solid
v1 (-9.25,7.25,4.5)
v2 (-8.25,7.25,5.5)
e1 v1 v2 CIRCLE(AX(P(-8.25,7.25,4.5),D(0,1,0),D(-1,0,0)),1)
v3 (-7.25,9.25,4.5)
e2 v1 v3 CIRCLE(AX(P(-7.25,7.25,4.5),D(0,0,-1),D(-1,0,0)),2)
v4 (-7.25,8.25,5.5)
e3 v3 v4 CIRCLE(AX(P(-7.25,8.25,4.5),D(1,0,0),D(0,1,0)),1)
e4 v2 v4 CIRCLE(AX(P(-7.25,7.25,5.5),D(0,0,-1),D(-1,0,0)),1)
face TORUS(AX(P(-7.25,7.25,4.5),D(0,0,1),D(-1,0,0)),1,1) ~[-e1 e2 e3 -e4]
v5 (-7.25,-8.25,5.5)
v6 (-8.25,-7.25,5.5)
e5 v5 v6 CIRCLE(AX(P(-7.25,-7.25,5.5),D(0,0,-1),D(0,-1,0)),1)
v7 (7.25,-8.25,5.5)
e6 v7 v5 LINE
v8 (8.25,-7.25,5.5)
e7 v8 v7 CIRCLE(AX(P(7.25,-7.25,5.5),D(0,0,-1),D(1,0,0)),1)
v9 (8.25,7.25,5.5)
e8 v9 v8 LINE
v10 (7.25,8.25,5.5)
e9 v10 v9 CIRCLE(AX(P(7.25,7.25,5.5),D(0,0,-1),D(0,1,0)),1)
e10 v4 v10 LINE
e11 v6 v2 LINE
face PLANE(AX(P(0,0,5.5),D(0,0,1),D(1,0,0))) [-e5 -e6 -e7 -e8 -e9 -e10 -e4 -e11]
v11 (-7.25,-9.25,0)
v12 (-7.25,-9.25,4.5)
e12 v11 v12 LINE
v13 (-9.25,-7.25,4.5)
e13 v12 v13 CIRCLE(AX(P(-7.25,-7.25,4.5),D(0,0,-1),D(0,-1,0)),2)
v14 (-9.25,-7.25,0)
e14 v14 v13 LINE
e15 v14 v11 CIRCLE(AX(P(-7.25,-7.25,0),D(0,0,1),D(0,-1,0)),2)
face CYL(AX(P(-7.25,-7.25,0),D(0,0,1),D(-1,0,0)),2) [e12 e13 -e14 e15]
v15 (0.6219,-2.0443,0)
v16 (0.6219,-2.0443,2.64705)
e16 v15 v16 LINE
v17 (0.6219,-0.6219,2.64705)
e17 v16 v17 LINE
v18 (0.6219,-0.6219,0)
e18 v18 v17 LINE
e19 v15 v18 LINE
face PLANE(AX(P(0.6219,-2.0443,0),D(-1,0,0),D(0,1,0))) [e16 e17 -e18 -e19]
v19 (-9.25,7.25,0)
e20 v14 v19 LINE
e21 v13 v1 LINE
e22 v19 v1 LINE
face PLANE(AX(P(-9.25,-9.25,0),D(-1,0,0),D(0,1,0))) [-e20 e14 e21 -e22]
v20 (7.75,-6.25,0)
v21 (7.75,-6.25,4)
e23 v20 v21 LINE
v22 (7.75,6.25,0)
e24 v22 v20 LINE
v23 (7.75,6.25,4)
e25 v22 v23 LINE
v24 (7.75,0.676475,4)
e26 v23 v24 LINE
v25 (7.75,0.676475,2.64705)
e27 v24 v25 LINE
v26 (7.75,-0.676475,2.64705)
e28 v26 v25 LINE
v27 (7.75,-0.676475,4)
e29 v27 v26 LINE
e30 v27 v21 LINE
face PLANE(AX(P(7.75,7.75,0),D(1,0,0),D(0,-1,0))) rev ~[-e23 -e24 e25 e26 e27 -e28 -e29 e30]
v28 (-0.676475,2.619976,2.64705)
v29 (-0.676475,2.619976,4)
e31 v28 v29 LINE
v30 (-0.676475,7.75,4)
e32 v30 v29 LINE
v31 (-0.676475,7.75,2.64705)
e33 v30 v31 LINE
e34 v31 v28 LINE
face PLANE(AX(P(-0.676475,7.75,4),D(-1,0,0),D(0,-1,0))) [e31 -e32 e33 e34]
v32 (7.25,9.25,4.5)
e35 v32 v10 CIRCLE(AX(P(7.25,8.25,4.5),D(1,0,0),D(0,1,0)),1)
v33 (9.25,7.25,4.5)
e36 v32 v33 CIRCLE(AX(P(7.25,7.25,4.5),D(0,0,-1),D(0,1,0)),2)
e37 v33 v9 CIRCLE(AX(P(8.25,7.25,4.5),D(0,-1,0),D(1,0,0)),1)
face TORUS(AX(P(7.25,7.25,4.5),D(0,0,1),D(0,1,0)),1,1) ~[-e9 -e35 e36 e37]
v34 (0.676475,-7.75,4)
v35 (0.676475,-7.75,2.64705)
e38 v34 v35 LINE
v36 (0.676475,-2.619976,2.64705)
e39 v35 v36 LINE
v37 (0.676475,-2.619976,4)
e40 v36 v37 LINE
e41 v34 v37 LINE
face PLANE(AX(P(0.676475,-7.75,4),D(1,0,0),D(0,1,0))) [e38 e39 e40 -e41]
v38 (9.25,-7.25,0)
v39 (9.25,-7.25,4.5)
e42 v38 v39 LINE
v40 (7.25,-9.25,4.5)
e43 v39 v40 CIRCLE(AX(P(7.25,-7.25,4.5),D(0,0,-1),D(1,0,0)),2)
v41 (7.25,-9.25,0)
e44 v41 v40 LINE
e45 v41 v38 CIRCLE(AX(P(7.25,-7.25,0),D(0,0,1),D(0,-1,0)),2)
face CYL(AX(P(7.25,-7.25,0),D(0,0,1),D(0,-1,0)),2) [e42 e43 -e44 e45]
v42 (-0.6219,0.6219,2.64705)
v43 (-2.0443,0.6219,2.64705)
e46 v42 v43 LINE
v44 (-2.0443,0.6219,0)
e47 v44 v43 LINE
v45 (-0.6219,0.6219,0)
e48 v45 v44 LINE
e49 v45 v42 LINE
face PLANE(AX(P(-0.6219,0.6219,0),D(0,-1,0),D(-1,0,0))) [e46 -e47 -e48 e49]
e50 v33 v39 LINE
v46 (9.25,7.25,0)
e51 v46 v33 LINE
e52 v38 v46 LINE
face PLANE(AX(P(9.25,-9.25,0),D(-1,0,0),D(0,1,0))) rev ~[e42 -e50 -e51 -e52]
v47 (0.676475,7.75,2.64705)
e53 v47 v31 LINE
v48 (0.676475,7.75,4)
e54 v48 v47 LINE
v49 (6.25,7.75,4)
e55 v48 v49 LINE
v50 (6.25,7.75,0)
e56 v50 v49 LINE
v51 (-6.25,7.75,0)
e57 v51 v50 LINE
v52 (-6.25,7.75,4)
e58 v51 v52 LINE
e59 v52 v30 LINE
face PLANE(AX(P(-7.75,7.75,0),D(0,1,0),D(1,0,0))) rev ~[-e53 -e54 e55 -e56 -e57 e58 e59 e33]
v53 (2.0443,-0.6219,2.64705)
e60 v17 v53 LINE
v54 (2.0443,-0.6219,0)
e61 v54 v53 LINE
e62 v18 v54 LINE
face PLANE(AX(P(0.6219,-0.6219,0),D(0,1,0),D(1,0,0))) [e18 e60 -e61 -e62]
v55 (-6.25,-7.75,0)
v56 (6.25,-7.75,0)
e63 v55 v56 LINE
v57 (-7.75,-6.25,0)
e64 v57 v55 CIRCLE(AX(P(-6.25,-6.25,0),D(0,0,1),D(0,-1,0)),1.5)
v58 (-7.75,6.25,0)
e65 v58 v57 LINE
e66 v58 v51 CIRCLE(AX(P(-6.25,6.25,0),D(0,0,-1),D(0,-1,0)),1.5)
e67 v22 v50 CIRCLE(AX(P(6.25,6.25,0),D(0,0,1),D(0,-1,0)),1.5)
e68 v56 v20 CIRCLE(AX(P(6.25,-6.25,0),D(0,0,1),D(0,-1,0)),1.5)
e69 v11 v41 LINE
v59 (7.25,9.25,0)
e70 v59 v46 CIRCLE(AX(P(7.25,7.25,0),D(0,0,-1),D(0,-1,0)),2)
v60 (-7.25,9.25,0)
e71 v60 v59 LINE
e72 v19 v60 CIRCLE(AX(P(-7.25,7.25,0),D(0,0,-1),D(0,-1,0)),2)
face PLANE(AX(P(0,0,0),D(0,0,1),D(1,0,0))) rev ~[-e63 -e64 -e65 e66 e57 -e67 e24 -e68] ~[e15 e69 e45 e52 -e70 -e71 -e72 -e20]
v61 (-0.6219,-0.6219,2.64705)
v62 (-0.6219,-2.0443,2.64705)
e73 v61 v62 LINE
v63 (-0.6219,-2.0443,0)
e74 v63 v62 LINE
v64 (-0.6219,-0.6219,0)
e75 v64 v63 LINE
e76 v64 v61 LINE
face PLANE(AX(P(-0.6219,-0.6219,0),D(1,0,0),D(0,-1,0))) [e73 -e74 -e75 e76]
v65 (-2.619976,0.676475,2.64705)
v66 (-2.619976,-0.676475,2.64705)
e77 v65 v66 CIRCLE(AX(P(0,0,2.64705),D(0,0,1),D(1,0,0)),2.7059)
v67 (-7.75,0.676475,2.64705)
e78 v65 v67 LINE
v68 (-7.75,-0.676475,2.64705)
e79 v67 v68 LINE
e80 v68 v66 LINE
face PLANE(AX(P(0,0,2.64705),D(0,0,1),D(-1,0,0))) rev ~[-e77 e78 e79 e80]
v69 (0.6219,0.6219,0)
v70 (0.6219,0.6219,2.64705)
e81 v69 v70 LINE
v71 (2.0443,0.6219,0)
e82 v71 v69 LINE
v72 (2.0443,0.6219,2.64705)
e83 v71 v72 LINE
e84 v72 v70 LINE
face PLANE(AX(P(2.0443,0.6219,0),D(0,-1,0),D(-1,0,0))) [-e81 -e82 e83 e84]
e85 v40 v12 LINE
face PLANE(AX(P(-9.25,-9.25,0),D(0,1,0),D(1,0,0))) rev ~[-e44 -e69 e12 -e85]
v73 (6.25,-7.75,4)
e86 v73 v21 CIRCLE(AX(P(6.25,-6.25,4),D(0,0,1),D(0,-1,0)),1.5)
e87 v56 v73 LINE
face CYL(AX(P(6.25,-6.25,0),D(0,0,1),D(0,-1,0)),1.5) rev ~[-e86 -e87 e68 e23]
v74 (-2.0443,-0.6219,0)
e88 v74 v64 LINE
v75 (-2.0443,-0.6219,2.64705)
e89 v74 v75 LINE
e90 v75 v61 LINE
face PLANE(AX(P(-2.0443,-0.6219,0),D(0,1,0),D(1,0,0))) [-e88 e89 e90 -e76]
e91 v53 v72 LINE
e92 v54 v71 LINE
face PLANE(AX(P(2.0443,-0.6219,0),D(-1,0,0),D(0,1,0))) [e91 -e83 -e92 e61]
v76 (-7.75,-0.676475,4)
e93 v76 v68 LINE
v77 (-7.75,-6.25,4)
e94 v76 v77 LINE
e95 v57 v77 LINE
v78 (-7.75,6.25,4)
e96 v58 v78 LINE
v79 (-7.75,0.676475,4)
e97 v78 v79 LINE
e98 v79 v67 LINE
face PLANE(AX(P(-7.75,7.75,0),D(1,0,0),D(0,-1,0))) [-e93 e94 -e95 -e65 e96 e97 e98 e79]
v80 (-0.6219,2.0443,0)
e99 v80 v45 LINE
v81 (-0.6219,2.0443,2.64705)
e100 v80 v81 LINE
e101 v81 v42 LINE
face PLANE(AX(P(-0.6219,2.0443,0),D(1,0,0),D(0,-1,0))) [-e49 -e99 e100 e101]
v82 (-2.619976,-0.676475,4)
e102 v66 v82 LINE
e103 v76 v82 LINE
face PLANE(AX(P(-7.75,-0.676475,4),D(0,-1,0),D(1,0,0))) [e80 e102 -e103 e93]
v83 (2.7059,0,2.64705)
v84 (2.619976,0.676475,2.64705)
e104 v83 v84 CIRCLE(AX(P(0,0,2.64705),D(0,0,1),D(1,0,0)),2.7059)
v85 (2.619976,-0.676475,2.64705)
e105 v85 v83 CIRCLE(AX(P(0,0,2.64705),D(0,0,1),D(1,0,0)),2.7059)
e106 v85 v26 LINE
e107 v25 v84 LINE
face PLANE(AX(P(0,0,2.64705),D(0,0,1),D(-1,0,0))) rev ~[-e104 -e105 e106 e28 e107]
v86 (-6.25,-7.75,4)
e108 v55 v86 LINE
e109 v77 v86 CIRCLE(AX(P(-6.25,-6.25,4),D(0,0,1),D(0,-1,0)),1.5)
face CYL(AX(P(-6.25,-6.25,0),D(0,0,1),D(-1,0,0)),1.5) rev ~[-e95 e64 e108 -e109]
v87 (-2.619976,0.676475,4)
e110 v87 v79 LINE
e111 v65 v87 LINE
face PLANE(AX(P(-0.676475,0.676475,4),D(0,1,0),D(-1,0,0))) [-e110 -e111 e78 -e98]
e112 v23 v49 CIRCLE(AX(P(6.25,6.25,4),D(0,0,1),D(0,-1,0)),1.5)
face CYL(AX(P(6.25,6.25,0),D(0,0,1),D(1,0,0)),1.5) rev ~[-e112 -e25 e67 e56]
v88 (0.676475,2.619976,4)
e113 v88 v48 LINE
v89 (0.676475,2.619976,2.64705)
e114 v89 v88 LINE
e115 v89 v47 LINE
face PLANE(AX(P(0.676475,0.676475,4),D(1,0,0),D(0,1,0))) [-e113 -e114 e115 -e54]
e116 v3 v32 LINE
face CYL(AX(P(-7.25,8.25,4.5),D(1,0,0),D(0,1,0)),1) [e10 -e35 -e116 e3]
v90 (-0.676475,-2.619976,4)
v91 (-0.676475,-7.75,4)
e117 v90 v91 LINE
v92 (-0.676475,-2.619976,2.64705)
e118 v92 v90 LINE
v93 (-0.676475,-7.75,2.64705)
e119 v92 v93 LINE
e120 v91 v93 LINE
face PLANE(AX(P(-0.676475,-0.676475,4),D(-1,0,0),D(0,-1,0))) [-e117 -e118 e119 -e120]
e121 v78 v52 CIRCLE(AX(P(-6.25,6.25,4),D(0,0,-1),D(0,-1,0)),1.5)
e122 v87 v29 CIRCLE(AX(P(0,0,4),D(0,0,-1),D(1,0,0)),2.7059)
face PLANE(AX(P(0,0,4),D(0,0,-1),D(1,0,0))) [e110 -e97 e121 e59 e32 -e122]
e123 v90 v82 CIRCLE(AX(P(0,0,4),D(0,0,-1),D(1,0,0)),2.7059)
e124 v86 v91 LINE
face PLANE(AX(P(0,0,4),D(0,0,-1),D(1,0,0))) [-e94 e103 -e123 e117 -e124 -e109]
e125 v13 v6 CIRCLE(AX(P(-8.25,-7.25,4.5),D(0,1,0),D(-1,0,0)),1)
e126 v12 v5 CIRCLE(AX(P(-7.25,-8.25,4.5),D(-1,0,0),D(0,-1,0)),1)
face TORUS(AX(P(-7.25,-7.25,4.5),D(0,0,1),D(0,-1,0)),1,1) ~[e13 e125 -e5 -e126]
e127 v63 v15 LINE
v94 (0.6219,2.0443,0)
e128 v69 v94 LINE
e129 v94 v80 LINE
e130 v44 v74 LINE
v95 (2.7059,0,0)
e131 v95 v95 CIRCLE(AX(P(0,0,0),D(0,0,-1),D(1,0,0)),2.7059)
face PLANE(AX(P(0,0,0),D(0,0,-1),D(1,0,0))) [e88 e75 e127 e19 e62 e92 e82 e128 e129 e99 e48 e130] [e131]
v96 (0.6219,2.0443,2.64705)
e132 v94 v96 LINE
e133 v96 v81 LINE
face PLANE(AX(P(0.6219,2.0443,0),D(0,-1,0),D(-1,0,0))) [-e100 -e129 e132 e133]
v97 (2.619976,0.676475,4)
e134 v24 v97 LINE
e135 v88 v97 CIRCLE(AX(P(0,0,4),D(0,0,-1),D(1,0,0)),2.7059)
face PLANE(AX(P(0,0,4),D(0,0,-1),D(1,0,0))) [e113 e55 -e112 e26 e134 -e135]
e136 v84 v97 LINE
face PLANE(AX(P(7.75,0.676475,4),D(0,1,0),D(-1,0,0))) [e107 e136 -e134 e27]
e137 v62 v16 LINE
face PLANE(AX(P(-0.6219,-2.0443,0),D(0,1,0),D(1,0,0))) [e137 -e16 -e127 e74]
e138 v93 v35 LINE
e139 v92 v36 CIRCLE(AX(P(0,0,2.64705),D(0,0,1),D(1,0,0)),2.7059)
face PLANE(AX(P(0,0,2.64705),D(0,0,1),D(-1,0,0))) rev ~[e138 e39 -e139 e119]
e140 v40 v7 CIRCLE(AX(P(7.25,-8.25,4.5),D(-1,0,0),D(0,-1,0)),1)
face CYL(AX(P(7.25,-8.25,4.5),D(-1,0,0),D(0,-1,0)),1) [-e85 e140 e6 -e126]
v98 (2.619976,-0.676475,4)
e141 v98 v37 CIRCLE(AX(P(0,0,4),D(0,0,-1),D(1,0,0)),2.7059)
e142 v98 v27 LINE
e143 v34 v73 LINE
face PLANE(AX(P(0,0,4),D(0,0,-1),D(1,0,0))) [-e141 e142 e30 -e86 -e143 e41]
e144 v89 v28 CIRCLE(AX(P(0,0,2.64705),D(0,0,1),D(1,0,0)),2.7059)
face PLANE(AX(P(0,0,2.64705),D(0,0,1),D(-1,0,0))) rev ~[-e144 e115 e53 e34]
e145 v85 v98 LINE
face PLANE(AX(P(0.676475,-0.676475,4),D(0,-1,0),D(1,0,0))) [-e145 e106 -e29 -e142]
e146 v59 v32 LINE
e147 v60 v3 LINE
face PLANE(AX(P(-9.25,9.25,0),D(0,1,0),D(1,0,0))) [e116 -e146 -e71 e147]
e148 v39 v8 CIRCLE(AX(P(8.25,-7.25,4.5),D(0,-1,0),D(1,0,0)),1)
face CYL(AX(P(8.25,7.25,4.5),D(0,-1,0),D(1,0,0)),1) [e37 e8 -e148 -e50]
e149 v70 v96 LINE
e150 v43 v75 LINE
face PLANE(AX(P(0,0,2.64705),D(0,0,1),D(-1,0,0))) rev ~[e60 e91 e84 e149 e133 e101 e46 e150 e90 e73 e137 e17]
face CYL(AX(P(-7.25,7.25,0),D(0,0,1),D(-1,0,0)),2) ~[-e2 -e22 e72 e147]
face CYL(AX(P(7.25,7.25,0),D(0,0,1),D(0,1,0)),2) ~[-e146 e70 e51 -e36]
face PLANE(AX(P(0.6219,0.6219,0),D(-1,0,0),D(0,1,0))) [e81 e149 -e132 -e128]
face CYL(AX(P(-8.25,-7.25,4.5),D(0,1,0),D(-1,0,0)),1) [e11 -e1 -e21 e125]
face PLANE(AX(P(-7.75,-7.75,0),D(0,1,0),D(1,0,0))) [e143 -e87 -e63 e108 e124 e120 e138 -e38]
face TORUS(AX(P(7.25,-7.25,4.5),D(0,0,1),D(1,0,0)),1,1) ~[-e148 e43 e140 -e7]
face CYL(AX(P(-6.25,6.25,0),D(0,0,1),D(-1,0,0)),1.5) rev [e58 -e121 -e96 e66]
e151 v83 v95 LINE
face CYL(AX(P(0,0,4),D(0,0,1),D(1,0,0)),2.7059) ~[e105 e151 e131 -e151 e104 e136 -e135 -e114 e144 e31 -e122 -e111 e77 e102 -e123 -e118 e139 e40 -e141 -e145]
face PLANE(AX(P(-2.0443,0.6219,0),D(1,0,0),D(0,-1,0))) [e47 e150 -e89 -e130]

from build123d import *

# Parameters (mm, degrees)
SKETCH_W        = 18.5
SKETCH_H        = 18.5
PAD_DEPTH       = 5.5
SKETCH001_W     = 15.5
SKETCH001_H     = 15.5
POCKET_DEPTH    = 4
SKETCH002_R     = 2.7059
PAD001_DEPTH    = 4
POCKET001_DEPTH = 4
FILLET001_R     = 1.5
FILLET_R        = 2
PAD002_DEPTH    = 1.35295
FILLET002_R     = 1


with BuildPart() as part:
    # Sketch → Pad (new body)
    with BuildSketch(Plane.XY):
        Rectangle(SKETCH_W, SKETCH_H)
    extrude(amount=PAD_DEPTH)

    # Sketch001 → Pocket (cut)
    with BuildSketch(Plane(origin=(0, 0, 0), x_dir=(1, 0, 0), z_dir=(0, 0, -1))):
        Rectangle(SKETCH001_W, SKETCH001_H)
    extrude(amount=-POCKET_DEPTH, mode=Mode.SUBTRACT)

    # Sketch002 (on Face11 of Pocket) → Pad001 (join)
    with BuildSketch(Plane(origin=(0, 0, 4), x_dir=(1, 0, 0), z_dir=(0, 0, -1))):
        Circle(SKETCH002_R)
    extrude(amount=PAD001_DEPTH)

    # Sketch003 (on Face13 of Pad001) → Pocket001 (cut)
    with BuildSketch(Plane(origin=(0, 0, 0), x_dir=(1, 0, 0), z_dir=(0, 0, -1))):
        Polygon((-0.6219, 2.0443), (0.6219, 2.0443), (0.6219, 0.6219), (2.0443, 0.6219), (2.0443, -0.6219), (0.6219, -0.6219), (0.6219, -2.0443), (-0.6219, -2.0443), (-0.6219, -0.6219), (-2.0443, -0.6219), (-2.0443, 0.6219), (-0.6219, 0.6219), align=None)
    extrude(amount=-POCKET001_DEPTH, mode=Mode.SUBTRACT)

    # Fillet001
    fillet001_edges = [part.edges().sort_by_distance(p)[0] for p in [
        (-7.75, -7.75, 2),
        (7.75, -7.75, 2),
        (7.75, 7.75, 2),
        (-7.75, 7.75, 2),
    ]]
    fillet(fillet001_edges, radius=FILLET001_R)

    # Fillet
    fillet_edges = [part.edges().sort_by_distance(p)[0] for p in [
        (9.25, -9.25, 2.75),
        (-9.25, -9.25, 2.75),
        (-9.25, 9.25, 2.75),
        (9.25, 9.25, 2.75),
    ]]
    fillet(fillet_edges, radius=FILLET_R)

    # Sketch004 (on Face19 of Fillet) → Pad002 (join)
    with BuildSketch(Plane(origin=(0, 0, 4), x_dir=(1, 0, 0), z_dir=(0, 0, -1))):
        Polygon((-0.676475, 7.75), (0.676475, 7.75), (0.676475, 0.676475), (7.75, 0.676475), (7.75, -0.676475), (0.676475, -0.676475), (0.676475, -7.75), (-0.676475, -7.75), (-0.676475, -0.676475), (-7.75, -0.676475), (-7.75, 0.676475), (-0.676475, 0.676475), align=None)
    extrude(amount=PAD002_DEPTH)

    # Fillet002
    fillet002_edges = [part.edges().sort_by_distance(p)[0] for p in [
        (0, 9.25, 5.5),
        (-8.664214, 8.664214, 5.5),
        (8.664214, 8.664214, 5.5),
        (-9.25, 0, 5.5),
        (9.25, 0, 5.5),
        (-8.664214, -8.664214, 5.5),
        (8.664214, -8.664214, 5.5),
        (0, -9.25, 5.5),
    ]]
    fillet(fillet002_edges, radius=FILLET002_R)


solid = part.part
